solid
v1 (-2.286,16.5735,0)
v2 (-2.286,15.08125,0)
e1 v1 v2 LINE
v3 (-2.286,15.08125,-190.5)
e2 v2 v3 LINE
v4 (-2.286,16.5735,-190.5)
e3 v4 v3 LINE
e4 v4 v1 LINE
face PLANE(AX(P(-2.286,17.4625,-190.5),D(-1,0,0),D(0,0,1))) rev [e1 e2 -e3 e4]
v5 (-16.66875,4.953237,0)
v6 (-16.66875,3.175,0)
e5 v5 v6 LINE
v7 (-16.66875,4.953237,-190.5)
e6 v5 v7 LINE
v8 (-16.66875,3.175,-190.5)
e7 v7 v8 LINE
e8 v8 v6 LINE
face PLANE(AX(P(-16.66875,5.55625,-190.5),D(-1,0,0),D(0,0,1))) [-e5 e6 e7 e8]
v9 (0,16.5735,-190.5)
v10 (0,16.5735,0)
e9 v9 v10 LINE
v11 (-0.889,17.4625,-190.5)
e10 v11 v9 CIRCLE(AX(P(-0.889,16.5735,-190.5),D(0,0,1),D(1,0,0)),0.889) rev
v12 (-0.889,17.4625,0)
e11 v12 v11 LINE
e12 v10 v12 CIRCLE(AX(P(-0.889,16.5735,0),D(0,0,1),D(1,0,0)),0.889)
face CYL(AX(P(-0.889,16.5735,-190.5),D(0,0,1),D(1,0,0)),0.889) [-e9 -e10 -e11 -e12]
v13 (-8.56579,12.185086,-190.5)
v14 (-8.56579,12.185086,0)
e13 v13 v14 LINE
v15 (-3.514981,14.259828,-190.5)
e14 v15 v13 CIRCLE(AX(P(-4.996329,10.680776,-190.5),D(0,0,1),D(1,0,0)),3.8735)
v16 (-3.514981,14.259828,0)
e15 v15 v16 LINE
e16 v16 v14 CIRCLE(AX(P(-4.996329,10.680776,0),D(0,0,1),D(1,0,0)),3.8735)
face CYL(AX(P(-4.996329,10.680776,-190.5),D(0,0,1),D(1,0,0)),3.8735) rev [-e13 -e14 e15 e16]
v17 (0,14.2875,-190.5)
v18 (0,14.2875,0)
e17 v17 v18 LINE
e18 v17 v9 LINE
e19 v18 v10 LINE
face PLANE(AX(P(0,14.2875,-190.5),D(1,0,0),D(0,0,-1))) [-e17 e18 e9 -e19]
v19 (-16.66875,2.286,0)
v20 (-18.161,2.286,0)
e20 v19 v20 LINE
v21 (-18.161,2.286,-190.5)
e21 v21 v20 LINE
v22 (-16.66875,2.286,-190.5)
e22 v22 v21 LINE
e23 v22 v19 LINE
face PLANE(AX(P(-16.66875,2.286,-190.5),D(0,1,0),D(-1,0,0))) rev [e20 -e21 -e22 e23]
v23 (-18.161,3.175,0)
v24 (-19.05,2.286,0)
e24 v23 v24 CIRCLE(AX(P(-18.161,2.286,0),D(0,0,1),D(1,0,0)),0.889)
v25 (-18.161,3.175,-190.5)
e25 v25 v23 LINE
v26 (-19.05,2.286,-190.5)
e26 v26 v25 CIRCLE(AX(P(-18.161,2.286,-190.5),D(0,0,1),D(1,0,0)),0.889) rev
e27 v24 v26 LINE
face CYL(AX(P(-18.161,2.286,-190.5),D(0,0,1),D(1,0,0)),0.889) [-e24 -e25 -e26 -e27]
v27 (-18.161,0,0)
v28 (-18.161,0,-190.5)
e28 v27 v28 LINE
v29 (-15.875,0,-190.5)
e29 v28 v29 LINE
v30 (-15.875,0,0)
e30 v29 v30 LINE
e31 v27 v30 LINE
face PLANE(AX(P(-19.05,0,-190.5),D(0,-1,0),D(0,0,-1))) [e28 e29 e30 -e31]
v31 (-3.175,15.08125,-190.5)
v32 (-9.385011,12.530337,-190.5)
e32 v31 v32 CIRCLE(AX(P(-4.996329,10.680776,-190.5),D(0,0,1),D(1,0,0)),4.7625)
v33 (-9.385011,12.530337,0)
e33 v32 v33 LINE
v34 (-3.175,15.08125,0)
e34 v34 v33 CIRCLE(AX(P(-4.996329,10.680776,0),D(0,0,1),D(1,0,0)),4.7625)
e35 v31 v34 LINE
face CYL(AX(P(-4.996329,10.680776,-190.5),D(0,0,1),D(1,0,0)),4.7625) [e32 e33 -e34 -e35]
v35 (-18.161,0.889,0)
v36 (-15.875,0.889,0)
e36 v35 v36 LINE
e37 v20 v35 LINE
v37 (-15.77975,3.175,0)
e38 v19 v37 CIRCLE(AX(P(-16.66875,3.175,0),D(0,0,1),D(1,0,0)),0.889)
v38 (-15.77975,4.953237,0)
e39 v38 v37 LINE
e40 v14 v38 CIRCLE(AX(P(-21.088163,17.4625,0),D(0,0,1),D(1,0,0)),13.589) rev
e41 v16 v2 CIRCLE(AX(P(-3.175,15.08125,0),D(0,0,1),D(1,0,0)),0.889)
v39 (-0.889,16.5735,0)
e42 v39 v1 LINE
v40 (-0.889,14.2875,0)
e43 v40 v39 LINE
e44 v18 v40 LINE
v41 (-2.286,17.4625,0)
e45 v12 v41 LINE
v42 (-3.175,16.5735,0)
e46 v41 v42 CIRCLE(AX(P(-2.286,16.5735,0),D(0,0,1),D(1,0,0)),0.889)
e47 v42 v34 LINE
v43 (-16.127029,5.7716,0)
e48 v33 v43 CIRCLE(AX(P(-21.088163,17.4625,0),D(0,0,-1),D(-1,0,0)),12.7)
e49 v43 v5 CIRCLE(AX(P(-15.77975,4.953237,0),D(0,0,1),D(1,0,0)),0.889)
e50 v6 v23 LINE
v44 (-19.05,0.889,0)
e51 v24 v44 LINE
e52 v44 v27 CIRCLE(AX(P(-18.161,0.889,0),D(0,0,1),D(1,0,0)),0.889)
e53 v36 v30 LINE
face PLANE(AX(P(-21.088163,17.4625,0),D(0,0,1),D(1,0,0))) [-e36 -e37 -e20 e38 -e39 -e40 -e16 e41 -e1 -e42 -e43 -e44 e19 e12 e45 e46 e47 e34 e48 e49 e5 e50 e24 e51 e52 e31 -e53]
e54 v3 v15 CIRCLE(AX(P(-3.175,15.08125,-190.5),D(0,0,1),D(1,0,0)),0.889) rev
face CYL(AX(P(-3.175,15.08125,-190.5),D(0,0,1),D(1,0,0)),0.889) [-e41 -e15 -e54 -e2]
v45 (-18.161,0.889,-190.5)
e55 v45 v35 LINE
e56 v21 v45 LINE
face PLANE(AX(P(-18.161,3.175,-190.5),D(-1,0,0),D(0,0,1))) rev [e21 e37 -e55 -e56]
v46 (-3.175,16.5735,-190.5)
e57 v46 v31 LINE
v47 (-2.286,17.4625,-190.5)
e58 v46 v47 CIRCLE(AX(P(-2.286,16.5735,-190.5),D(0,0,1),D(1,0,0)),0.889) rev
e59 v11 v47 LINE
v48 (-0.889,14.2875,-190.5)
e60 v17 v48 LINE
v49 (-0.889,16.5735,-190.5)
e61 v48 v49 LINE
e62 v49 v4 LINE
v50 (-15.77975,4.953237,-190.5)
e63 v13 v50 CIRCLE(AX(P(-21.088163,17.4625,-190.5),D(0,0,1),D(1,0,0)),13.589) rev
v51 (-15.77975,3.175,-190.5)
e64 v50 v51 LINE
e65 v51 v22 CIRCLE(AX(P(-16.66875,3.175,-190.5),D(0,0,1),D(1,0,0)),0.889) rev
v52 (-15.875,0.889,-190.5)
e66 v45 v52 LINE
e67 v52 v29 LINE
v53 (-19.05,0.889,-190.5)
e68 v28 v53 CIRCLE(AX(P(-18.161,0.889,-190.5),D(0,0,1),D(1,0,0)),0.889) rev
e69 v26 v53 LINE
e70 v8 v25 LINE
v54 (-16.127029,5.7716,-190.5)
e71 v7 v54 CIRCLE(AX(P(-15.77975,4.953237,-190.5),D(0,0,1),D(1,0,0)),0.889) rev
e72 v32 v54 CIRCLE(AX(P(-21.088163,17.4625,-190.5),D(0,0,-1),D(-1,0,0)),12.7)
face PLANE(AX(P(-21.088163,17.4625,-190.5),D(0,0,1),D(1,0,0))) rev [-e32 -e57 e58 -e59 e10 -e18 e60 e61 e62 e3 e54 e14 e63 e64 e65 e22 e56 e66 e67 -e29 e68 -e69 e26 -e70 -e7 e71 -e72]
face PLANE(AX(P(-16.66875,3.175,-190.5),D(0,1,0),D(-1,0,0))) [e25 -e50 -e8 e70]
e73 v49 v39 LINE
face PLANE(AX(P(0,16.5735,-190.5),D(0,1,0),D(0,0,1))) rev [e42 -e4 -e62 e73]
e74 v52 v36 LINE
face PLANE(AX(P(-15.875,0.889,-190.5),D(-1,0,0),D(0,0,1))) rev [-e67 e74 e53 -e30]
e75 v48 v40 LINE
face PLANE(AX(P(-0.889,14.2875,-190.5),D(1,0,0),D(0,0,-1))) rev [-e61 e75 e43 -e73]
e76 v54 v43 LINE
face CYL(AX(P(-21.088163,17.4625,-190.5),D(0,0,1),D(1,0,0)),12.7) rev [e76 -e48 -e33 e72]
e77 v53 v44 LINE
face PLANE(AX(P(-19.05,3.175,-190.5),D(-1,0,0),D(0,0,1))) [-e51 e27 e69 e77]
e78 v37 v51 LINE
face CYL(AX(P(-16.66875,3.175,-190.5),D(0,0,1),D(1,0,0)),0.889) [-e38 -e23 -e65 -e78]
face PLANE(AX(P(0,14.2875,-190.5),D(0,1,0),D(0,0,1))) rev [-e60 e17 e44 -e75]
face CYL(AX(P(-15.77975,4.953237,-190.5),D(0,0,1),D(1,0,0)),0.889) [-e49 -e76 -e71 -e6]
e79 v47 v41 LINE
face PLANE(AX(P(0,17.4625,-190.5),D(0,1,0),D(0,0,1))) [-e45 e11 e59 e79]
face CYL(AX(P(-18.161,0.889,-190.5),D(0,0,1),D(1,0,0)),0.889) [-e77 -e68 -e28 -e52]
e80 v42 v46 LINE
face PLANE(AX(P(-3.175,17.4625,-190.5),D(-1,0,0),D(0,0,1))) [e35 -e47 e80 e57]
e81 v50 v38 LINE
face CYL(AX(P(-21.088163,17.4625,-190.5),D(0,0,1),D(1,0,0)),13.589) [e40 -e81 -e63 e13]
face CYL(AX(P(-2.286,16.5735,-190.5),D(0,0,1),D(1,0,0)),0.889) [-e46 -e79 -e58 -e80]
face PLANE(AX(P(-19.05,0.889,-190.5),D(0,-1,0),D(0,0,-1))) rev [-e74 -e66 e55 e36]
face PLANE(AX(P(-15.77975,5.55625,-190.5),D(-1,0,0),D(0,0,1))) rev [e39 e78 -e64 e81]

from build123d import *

# Parameters (mm, degrees)
EXTRUDE_THIN1_DEPTH = 190.5
FILLET1_R           = 0.889


with BuildPart() as part:
    # Sketch1 → Extrude-Thin1 (new body)
    with BuildSketch(Plane.XY):
        with BuildLine():
            Line((0, 14.2875), (0, 17.4625))
            Line((0, 17.4625), (-3.175, 17.4625))
            Line((-3.175, 17.4625), (-3.175, 15.08125))
            ThreePointArc((-3.175, 15.08125), (-6.80591832, 15.086090387), (-9.38501075, 12.530337363))
            ThreePointArc((-9.38501075, 12.530337363), (-12.305011444, 8.289373521), (-16.66875, 5.55625))
            Line((-16.66875, 5.55625), (-16.66875, 3.175))
            Line((-16.66875, 3.175), (-19.05, 3.175))
            Line((-19.05, 3.175), (-19.05, 0))
            Line((-19.05, 0), (-15.875, 0))
            Line((-15.875, 0), (-15.875, 0.889))
            Line((-15.875, 0.889), (-18.161, 0.889))
            Line((-18.161, 0.889), (-18.161, 2.286))
            Line((-18.161, 2.286), (-15.77975, 2.286))
            Line((-15.77975, 2.286), (-15.77975, 4.95323652))
            ThreePointArc((-15.77975, 4.95323652), (-11.467396752, 7.865532848), (-8.565790095, 12.185085979))
            ThreePointArc((-8.565790095, 12.185085979), (-5.760091082, 14.478232), (-2.286, 13.448107355))
            Line((-2.286, 13.448107355), (-2.286, 16.5735))
            Line((-2.286, 16.5735), (-0.889, 16.5735))
            Line((-0.889, 16.5735), (-0.889, 14.2875))
            Line((-0.889, 14.2875), (0, 14.2875))
        make_face()
    extrude(amount=-EXTRUDE_THIN1_DEPTH)

    # Fillet1
    fillet1_edges = [part.edges().sort_by_distance(p)[0] for p in [
        (-19.05, 0, -95.25),
        (-19.05, 3.175, -95.25),
        (-16.66875, 5.55625, -95.25),
        (-3.175, 17.4625, -95.25),
        (0, 17.4625, -95.25),
        (-2.286, 13.448107355, -95.25),
        (-15.77975, 2.286, -95.25),
    ]]
    fillet(fillet1_edges, radius=FILLET1_R)


solid = part.part
